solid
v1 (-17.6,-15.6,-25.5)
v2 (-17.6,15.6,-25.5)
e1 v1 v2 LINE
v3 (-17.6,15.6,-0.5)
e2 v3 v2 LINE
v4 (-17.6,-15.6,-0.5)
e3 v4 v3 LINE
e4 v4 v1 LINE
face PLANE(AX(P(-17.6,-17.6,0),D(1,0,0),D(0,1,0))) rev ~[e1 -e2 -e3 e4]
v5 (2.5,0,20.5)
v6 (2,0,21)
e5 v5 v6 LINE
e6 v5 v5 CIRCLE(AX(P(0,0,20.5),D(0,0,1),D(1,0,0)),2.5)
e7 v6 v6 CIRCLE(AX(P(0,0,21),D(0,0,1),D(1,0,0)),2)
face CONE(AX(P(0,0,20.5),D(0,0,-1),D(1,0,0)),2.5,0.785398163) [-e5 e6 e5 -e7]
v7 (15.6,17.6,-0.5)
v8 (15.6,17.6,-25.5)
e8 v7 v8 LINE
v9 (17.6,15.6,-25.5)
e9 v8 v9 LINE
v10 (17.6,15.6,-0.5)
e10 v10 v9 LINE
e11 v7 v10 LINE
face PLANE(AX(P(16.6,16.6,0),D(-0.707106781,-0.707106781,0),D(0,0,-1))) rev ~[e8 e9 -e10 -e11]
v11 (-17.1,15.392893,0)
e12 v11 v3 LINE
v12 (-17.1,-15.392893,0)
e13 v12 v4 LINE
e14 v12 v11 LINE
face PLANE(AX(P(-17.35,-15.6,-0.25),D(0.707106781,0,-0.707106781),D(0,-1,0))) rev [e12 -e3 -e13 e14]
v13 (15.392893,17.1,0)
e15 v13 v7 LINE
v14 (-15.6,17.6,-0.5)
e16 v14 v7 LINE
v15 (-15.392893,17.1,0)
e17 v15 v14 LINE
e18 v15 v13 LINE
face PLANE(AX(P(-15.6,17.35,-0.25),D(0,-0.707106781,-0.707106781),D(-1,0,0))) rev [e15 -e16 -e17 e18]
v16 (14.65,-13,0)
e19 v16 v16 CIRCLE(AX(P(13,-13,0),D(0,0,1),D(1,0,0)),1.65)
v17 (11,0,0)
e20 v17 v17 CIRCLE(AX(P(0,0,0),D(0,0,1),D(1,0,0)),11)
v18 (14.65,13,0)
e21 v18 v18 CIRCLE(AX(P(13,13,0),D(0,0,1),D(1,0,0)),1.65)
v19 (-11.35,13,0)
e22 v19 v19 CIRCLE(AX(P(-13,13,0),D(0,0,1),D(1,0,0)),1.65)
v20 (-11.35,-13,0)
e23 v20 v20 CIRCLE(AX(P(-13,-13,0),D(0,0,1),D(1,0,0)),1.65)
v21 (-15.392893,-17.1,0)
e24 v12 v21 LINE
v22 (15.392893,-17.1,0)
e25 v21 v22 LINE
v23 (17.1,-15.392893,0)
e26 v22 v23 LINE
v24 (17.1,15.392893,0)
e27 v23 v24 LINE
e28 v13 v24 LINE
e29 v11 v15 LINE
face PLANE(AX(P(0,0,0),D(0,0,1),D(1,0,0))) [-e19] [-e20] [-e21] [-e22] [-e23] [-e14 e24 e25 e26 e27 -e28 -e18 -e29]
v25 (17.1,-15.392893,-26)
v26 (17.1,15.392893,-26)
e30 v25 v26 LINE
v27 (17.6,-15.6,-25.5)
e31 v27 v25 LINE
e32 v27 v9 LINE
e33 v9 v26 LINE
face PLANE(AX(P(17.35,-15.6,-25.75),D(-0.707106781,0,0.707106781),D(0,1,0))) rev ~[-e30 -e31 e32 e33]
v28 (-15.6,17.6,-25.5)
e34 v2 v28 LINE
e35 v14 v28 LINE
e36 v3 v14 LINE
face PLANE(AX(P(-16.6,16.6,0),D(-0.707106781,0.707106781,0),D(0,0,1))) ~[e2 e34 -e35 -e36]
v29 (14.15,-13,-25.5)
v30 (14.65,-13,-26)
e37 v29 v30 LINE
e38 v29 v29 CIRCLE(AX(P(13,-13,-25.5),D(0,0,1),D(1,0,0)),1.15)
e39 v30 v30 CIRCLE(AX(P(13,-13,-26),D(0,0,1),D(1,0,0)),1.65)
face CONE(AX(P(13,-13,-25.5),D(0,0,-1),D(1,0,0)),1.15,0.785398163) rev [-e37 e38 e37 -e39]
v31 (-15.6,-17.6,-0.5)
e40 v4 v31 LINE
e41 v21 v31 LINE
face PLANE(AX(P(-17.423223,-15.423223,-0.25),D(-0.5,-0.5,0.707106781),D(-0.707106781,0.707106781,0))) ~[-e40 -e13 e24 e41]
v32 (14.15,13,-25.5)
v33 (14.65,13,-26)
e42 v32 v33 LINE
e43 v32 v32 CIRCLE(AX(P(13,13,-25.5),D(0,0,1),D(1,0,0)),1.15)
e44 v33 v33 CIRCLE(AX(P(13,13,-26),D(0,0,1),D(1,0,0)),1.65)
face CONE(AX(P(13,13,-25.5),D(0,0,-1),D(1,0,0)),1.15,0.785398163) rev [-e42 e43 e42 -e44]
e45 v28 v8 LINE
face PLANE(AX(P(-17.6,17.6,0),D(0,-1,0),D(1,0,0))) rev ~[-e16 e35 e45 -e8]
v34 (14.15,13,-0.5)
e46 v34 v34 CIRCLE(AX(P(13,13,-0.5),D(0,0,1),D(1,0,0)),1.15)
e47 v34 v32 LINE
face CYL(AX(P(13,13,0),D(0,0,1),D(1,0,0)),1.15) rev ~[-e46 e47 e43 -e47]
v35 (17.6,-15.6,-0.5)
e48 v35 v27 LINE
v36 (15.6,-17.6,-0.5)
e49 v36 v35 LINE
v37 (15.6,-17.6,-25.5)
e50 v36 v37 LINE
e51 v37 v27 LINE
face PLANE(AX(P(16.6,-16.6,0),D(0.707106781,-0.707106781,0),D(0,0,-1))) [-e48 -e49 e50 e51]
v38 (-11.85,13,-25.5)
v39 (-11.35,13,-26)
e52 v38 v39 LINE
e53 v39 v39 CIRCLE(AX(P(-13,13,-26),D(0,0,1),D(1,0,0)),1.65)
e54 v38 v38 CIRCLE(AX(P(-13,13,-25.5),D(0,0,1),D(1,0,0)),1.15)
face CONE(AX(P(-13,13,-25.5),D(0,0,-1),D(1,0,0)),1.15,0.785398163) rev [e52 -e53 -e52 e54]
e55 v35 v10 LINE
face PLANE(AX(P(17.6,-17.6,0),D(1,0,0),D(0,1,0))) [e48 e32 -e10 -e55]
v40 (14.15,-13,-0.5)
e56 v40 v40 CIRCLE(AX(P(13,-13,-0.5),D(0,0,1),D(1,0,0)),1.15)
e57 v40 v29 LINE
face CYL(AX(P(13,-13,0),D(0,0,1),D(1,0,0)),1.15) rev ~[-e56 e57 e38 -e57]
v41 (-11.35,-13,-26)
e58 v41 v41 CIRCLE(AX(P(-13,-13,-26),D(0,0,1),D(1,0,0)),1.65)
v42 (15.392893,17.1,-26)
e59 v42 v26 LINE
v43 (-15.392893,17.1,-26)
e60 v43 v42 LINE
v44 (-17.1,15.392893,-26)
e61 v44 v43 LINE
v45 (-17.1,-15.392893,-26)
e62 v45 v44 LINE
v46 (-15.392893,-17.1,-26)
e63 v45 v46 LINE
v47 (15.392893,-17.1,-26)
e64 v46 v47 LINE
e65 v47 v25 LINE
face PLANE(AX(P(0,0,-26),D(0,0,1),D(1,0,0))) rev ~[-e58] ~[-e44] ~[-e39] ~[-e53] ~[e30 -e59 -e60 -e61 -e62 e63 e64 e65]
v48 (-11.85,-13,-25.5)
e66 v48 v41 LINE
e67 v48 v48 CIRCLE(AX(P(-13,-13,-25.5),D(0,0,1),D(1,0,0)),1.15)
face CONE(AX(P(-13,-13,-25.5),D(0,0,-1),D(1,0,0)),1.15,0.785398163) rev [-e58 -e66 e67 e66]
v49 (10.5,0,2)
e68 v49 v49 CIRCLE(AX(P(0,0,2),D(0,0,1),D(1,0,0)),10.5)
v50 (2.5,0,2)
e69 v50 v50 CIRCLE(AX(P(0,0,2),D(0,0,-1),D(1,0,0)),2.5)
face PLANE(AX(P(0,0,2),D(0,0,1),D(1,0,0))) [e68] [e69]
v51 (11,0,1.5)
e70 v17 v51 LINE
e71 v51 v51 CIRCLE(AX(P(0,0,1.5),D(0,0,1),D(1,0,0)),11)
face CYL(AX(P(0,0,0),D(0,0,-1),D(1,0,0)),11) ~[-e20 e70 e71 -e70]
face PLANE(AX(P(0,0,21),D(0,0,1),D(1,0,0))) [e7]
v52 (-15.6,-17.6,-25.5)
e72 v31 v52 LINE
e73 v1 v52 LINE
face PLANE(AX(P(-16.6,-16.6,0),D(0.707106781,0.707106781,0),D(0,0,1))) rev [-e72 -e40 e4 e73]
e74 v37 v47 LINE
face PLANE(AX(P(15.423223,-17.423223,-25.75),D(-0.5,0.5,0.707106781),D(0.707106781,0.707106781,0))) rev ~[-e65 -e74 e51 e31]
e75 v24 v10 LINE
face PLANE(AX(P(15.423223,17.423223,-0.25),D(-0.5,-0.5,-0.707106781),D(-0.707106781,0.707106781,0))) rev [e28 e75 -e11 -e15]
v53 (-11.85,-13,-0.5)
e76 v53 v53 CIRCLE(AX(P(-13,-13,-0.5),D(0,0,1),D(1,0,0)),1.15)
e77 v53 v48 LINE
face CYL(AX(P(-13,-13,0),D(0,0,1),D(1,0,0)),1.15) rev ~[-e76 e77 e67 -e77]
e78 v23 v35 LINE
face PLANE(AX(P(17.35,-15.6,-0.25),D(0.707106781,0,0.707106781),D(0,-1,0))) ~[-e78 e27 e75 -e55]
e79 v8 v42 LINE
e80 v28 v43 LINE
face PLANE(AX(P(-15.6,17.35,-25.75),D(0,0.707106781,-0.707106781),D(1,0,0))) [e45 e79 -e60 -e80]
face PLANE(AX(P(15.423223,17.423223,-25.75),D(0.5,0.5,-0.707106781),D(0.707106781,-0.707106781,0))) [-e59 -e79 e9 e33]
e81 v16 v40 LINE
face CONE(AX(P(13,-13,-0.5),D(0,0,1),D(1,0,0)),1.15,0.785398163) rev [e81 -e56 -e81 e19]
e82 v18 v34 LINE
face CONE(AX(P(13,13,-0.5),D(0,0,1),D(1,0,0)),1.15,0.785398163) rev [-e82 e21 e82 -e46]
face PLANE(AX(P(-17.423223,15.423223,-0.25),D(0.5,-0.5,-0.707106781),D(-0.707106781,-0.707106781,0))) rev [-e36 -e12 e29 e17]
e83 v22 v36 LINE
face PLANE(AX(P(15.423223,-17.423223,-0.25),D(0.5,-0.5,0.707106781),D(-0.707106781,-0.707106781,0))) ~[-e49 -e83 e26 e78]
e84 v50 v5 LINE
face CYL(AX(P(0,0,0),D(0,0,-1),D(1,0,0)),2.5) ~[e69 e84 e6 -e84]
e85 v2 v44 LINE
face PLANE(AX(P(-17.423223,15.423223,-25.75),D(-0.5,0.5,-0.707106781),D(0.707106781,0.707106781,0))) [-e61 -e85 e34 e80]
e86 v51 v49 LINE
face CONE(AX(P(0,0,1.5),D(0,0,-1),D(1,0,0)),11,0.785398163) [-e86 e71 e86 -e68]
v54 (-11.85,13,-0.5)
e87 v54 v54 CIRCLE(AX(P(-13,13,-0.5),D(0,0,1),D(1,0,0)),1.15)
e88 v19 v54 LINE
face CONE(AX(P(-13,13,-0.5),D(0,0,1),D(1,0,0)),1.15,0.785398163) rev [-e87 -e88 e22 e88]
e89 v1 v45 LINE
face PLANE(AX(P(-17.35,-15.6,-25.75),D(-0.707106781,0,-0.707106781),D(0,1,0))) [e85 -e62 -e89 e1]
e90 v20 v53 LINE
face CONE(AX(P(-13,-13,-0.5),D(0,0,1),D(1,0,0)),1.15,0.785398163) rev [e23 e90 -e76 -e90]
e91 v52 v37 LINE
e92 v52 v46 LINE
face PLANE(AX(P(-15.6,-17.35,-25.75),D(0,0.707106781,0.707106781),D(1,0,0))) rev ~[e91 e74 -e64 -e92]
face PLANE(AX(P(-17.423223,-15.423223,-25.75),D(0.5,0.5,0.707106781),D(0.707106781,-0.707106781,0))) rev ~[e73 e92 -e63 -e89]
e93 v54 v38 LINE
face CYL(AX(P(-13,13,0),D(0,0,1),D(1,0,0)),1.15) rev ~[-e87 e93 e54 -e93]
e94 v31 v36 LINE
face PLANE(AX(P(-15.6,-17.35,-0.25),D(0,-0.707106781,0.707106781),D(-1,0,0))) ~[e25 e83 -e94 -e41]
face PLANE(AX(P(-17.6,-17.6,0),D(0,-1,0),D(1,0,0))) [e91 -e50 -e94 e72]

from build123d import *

# Parameters (mm, degrees)
F0_W     = 35.2
F0_H     = 35.2
F4_DEPTH = 26
F1_R     = 11
F5_DEPTH = 2
F2_R     = 2.5
F6_DEPTH = 21
F3_R     = 1.15
F7_DEPTH = 26.001
F8_SIZE  = 2
F9_SIZE  = 0.5


with BuildPart() as f4:
    # F0 (on Top) → F4 (new body)
    with BuildSketch(Plane.XY):
        Rectangle(F0_W, F0_H)
    extrude(amount=-F4_DEPTH)

    # F1 (on Top) → F5 (join)
    with BuildSketch(Plane.XY):
        Circle(F1_R)
    extrude(amount=F5_DEPTH)

    # F2 (on Top) → F6 (join)
    with BuildSketch(Plane.XY):
        Circle(F2_R)
    extrude(amount=F6_DEPTH)

    # F3 (on Top) → F7 (cut, through all)
    with BuildSketch(Plane.XY):
        with Locations((-13, -13)):
            Circle(F3_R)
        with Locations((13, -13)):
            Circle(F3_R)
        with Locations((13, 13)):
            Circle(F3_R)
        with Locations((-13, 13)):
            Circle(F3_R)
    extrude(amount=-F7_DEPTH, mode=Mode.SUBTRACT)

    # F8
    f8_edges = [f4.edges().sort_by_distance(p)[0] for p in [
        (17.6, -17.6, -13),
        (-17.6, -17.6, -13),
        (-17.6, 17.6, -13),
        (17.6, 17.6, -13),
    ]]
    chamfer(f8_edges, length=F8_SIZE)

    # F9
    f9_edges = [f4.edges().sort_by_distance(p)[0] for p in [
        (-2.5, 0, 21),
        (-11, 0, 2),
        (11.85, 13, 0),
        (11.85, -13, 0),
        (-14.15, -13, 0),
        (-14.15, 13, 0),
        (0, 17.6, 0),
        (16.6, 16.6, 0),
        (17.6, 0, 0),
        (16.6, -16.6, 0),
        (0, -17.6, 0),
        (-17.6, 0, 0),
        (17.6, 0, -26),
        (0, -17.6, -26),
        (11.85, -13, -26),
        (16.6, -16.6, -26),
        (-14.15, -13, -26),
        (11.85, 13, -26),
        (-14.15, 13, -26),
        (0, 17.6, -26),
        (-16.6, 16.6, -26),
        (16.6, 16.6, -26),
        (-17.6, 0, -26),
        (-16.6, -16.6, -26),
        (-16.6, 16.6, 0),
        (-16.6, -16.6, 0),
    ]]
    chamfer(f9_edges, length=F9_SIZE)


solid = f4.part
